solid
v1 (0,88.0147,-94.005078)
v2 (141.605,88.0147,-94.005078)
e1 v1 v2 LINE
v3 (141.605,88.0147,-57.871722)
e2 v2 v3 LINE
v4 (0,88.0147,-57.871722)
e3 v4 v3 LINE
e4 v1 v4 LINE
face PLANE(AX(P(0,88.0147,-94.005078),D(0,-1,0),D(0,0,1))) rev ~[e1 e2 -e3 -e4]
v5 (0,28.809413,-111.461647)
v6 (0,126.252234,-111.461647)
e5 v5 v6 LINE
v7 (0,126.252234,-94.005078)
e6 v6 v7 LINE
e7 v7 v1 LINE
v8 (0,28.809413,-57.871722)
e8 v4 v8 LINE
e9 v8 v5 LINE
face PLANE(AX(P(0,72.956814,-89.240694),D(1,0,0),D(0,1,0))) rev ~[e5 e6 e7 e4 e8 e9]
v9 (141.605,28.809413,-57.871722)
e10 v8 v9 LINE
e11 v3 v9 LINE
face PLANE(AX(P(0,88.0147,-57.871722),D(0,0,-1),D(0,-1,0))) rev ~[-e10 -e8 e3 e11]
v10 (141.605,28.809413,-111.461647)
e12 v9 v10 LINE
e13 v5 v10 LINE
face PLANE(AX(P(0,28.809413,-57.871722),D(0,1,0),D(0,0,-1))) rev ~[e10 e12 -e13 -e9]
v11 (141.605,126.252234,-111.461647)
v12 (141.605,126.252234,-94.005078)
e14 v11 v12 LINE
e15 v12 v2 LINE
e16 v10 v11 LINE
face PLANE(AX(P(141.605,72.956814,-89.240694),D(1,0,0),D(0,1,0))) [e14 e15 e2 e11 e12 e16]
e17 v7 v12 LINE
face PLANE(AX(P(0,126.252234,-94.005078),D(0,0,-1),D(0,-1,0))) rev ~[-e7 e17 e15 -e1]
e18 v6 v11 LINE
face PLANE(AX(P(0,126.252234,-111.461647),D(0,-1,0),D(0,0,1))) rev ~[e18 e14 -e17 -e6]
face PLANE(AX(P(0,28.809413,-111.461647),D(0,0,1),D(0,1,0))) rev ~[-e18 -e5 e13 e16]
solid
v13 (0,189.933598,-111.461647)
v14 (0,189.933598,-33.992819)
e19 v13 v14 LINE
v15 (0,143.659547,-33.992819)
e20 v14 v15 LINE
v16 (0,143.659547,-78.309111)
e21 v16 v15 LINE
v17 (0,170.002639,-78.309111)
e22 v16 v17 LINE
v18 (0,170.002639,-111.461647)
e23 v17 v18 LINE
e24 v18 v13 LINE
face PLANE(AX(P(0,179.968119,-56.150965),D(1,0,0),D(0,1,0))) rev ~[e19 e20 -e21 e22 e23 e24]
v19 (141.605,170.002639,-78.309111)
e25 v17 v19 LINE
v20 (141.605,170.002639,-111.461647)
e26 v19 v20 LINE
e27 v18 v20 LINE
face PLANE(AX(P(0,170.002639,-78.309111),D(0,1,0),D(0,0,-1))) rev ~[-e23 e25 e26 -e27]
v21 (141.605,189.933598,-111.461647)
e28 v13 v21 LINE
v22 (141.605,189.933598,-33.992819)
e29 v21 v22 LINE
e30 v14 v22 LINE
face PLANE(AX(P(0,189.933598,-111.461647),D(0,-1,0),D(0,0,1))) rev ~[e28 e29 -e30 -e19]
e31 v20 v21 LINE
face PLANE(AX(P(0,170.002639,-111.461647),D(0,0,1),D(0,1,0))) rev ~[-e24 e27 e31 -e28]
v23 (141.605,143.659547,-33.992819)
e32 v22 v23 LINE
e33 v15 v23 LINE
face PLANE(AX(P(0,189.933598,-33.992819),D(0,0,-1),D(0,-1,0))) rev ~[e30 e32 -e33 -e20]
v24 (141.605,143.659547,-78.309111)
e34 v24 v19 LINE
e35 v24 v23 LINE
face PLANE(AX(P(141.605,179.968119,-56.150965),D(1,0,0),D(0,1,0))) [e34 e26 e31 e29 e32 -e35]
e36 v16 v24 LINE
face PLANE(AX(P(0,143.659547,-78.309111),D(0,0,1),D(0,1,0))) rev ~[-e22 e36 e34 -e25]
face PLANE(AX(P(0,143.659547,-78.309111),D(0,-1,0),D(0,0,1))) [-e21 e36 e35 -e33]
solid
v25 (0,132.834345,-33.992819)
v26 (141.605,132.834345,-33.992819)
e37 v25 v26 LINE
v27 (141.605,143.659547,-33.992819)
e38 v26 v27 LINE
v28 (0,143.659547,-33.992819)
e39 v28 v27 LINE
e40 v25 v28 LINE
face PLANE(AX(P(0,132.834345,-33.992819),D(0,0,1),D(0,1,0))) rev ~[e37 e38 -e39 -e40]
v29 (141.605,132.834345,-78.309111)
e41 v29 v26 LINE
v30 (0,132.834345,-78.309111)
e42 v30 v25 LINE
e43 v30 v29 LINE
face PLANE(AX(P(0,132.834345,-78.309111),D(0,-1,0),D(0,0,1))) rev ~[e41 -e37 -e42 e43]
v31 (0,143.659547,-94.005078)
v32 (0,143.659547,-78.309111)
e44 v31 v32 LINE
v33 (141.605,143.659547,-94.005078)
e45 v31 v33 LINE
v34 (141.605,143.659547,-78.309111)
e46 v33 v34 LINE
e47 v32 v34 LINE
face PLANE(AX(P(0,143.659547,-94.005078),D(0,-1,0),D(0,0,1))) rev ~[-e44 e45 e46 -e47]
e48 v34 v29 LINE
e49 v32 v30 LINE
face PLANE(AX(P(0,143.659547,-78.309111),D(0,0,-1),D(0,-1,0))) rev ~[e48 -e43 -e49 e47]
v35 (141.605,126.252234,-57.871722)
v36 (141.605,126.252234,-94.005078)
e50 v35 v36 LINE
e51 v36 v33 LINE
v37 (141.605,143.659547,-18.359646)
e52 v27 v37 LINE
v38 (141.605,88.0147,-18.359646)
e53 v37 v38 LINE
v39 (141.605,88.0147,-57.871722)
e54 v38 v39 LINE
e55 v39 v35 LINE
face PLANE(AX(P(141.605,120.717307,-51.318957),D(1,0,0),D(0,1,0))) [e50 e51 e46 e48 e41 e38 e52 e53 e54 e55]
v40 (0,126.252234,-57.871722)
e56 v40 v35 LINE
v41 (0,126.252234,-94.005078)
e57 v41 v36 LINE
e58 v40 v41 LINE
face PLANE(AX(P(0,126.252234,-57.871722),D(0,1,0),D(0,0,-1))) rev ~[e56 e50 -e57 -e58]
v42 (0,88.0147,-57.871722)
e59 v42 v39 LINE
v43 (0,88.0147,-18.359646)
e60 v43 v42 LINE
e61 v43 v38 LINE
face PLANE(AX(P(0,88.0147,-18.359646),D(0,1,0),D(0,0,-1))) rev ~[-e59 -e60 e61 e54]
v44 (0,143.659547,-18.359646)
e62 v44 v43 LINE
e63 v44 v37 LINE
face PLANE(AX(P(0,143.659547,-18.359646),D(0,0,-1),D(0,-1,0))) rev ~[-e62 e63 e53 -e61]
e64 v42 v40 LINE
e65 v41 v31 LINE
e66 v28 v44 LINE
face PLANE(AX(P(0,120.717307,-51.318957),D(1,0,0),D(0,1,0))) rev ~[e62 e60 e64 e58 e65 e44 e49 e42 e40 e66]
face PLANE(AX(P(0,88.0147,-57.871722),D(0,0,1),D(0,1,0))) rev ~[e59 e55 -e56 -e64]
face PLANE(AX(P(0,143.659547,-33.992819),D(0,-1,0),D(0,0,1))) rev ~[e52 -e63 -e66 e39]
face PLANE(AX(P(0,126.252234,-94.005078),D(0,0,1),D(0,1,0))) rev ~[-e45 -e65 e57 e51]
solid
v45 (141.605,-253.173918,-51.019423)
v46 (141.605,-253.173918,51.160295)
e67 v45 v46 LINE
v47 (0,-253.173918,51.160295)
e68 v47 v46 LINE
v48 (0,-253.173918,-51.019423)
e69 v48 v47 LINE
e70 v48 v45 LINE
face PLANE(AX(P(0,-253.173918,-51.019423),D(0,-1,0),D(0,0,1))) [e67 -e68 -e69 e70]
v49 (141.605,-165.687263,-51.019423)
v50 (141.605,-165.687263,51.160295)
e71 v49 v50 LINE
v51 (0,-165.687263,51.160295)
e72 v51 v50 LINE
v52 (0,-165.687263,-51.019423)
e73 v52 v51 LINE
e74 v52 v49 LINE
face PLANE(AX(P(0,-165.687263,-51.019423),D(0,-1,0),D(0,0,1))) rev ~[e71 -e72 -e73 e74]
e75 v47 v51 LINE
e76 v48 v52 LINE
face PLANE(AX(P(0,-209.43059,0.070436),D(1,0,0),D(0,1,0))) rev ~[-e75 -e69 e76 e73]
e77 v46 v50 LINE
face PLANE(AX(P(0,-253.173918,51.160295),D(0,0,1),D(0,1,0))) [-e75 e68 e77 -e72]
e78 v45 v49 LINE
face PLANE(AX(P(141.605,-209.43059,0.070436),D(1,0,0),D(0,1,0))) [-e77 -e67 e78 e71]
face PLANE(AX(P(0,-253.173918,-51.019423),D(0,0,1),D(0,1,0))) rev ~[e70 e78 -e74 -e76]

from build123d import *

# Parameters (mm, degrees)
F1_DEPTH = 141.605
F0_W     = 19.9309587479
F0_H     = 44.3162918091
F0_H_2   = 33.1525355577
F0_W_2   = 26.3430923223
F0_W_3   = 87.48665452
F0_H_3   = 102.1797172725


with BuildPart() as f1:
    # F0 (on Right) → F1 (new body)
    with BuildSketch(Plane.YZ):
        Polygon((88.0146995187, -94.0050780773), (88.0146995187, -57.8717216849), (28.8094133139, -57.8717216849), (28.8094133139, -111.4616468549), (126.2522339821, -111.4616468549), (126.2522339821, -94.0050780773), align=None)
    extrude(amount=F1_DEPTH)


with BuildPart() as f1b:
    # F0 (on Right) → F1, piece 2 (new body)
    with BuildSketch(Plane.YZ):
        with Locations((179.9681186676, -56.1509653926)):
            Rectangle(F0_W, F0_H)
        with Locations((179.9681186676, -94.885379076)):
            Rectangle(F0_W, F0_H_2)
        with Locations((156.8310931325, -56.1509653926)):
            Rectangle(F0_W_2, F0_H)
    extrude(amount=F1_DEPTH)


with BuildPart() as f1c:
    # F0 (on Right) → F1, piece 3 (new body)
    with BuildSketch(Plane.YZ):
        Polygon((143.6595469713, -33.992819488), (143.6595469713, -18.3596462011), (88.0146995187, -18.3596462011), (88.0146995187, -57.8717216849), (126.2522339821, -57.8717216849), (126.2522339821, -94.0050780773), (143.6595469713, -94.0050780773), (143.6595469713, -78.3091112971), (132.8343451023, -78.3091112971), (132.8343451023, -33.992819488), align=None)
    extrude(amount=F1_DEPTH)


with BuildPart() as f1d:
    # F0 (on Right) → F1, piece 4 (new body)
    with BuildSketch(Plane.YZ):
        with Locations((-209.4305902719, 0.0704359263)):
            Rectangle(F0_W_3, F0_H_3)
    extrude(amount=F1_DEPTH)


solid = Compound([f1.part, f1b.part, f1c.part, f1d.part])
